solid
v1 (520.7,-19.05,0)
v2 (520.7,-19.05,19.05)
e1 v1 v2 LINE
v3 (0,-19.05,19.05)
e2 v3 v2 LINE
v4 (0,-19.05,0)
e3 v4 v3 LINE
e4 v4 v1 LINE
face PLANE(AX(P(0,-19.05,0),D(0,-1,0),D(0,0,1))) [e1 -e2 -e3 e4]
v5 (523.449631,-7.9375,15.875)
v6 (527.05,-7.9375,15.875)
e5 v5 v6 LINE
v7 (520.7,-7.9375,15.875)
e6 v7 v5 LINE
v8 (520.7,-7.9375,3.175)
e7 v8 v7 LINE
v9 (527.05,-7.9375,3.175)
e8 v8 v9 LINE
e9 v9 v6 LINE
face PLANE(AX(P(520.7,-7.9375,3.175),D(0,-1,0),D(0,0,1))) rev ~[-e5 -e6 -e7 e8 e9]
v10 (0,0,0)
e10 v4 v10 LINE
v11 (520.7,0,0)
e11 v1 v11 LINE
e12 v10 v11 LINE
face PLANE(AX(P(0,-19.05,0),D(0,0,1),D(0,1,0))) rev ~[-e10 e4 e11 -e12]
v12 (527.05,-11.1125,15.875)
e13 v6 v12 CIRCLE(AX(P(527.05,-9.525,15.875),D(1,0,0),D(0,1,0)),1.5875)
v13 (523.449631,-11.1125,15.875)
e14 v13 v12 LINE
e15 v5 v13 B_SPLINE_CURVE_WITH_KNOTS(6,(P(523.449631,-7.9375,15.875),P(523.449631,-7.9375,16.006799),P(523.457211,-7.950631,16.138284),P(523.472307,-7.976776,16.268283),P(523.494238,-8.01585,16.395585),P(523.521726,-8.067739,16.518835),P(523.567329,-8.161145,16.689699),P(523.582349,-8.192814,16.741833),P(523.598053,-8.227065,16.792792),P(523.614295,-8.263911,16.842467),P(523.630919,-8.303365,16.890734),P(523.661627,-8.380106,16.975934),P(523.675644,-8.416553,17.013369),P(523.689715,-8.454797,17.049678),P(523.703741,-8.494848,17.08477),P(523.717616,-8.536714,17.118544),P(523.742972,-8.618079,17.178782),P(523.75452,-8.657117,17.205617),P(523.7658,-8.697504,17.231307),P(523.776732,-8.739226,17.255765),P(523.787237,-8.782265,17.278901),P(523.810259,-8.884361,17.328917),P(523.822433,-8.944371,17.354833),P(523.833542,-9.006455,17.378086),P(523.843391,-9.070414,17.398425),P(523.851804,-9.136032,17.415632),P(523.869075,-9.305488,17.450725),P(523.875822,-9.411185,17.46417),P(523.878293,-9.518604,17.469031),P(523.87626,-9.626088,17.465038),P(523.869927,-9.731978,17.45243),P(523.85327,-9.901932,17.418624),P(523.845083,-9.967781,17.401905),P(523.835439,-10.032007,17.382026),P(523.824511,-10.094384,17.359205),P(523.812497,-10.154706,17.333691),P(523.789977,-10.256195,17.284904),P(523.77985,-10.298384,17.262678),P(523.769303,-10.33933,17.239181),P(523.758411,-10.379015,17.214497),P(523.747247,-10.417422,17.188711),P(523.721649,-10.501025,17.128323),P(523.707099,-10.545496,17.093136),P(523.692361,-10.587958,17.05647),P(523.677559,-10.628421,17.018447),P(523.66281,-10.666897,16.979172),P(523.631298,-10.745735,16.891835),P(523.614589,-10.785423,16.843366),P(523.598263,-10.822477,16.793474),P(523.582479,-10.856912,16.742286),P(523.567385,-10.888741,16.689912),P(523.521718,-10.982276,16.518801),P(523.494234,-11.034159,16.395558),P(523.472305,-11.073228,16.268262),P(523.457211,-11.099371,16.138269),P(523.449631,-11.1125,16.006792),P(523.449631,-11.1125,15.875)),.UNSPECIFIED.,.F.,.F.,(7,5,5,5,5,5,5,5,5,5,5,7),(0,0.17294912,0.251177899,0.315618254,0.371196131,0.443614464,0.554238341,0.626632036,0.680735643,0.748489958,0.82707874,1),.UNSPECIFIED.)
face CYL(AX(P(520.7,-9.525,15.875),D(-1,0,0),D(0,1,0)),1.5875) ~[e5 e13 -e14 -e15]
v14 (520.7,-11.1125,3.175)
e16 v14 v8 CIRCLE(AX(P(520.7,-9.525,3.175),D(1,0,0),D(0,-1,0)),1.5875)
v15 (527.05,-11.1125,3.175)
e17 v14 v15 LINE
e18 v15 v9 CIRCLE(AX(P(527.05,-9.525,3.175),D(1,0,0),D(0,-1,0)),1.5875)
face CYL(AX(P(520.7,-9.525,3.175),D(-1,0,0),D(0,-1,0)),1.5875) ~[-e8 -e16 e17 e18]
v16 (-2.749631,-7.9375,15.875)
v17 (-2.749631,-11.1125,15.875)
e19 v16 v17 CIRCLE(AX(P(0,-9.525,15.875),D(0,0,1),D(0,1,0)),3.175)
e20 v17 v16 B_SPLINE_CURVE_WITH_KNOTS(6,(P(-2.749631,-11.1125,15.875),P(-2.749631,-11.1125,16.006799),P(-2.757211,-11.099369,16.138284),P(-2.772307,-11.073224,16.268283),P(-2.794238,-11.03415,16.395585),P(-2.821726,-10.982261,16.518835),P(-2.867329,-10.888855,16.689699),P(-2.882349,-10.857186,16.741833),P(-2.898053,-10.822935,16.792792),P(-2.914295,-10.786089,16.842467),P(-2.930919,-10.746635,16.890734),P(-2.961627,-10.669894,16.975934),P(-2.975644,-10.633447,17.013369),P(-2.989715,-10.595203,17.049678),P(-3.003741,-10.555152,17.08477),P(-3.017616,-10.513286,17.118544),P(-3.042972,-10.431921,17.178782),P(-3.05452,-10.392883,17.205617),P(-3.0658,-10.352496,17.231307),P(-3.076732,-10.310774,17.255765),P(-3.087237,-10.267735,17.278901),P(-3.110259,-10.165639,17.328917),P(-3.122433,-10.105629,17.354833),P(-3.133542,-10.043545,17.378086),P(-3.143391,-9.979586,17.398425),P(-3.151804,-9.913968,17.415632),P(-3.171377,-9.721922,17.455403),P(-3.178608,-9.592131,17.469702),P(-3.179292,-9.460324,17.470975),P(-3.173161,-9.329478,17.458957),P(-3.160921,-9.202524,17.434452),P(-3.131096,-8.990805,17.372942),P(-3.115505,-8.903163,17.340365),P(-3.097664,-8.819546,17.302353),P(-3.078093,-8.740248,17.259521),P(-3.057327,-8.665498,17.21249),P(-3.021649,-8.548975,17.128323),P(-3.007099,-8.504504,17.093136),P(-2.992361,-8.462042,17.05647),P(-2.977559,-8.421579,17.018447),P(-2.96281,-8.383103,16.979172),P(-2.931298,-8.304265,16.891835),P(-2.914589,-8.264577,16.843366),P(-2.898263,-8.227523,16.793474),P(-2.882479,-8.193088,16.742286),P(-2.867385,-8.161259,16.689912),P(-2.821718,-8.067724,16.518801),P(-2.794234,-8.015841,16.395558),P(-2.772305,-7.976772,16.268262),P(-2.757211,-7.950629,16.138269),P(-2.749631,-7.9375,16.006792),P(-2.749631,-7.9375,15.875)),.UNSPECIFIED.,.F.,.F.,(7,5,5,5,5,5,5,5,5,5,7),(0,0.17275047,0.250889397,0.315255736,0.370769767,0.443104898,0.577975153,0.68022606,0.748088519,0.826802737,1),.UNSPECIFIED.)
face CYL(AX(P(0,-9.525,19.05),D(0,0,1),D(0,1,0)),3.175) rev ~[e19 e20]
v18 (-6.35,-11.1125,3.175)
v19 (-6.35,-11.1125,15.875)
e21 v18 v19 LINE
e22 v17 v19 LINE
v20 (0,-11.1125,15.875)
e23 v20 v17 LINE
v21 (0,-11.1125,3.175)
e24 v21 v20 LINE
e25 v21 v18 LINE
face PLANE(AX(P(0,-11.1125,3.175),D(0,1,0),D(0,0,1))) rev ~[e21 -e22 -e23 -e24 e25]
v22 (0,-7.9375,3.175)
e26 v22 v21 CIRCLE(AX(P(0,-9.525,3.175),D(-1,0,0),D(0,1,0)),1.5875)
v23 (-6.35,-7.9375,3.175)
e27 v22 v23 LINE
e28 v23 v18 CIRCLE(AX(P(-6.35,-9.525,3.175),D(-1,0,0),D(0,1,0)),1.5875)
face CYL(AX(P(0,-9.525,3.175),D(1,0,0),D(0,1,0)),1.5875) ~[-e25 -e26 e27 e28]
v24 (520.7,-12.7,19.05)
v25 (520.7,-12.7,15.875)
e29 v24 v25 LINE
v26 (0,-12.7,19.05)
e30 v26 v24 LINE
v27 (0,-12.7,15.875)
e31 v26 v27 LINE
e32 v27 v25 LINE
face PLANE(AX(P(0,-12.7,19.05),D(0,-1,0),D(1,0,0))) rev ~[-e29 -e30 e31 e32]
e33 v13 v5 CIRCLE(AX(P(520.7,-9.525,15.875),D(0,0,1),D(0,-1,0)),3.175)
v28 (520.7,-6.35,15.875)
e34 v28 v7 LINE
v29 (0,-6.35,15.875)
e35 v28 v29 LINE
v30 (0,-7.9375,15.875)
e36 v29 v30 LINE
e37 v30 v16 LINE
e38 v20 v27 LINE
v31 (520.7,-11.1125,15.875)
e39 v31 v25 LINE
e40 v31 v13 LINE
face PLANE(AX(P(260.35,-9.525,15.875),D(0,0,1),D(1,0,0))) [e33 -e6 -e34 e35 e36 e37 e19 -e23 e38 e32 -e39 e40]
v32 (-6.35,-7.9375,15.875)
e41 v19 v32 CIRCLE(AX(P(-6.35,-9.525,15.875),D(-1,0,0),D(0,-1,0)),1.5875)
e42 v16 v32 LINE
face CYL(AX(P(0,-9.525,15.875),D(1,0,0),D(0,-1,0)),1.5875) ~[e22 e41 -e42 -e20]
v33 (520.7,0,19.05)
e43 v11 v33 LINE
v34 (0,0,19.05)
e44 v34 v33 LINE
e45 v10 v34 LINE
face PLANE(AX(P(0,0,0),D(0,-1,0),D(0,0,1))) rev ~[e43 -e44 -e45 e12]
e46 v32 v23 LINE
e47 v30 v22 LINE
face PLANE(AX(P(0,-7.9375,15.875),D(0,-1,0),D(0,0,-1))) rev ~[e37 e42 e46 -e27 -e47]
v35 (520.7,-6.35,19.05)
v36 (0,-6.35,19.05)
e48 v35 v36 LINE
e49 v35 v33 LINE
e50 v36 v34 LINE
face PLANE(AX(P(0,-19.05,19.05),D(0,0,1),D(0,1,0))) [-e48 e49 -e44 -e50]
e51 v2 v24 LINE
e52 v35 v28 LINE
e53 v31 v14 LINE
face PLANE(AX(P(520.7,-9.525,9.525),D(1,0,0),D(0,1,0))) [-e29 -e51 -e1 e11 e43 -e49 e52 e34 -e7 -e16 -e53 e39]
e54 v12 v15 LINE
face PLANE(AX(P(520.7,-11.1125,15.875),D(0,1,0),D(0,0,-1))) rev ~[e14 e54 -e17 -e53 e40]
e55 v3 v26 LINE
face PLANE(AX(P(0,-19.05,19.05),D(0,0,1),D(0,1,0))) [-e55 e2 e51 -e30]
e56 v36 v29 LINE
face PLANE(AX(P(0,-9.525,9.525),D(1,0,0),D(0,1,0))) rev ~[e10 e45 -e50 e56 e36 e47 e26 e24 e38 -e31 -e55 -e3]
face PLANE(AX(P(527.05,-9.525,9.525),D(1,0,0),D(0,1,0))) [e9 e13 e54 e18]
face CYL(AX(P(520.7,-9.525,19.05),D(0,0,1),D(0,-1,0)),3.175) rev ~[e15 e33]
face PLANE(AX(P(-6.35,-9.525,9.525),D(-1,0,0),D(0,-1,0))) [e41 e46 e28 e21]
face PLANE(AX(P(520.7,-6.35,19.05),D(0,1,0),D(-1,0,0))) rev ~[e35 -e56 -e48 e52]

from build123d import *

# Parameters (mm, degrees)
F0_W     = 19.05
F0_H     = 19.05
F1_DEPTH = 520.7
F3_DEPTH = 6.35
F5_DEPTH = 6.35
F7_DEPTH = 3.175


with BuildPart() as f1:
    # F0 (on Right) → F1 (new body)
    with BuildSketch(Plane.YZ):
        with Locations((-9.525, 9.525)):
            Rectangle(F0_W, F0_H)
    extrude(amount=F1_DEPTH)

    # F2 (on face) → F3 (join)
    with BuildSketch(Plane.YZ.offset(520.7)):
        with BuildLine():
            ThreePointArc((-7.9375, 15.875), (-9.525, 17.4625), (-11.1125, 15.875))
            Line((-11.1125, 15.875), (-11.1125, 3.175))
            ThreePointArc((-11.1125, 3.175), (-9.525, 1.5875), (-7.9375, 3.175))
            Line((-7.9375, 3.175), (-7.9375, 15.875))
        make_face()
    extrude(amount=F3_DEPTH)

    # F4 (on face) → F5 (join)
    with BuildSketch(Plane(origin=(0, 0, 0), x_dir=(0, -1, 0), z_dir=(-1, 0, 0))):
        with BuildLine():
            ThreePointArc((11.1125, 15.875), (9.525, 17.4625), (7.9375, 15.875))
            Line((7.9375, 15.875), (7.9375, 3.175))
            ThreePointArc((7.9375, 3.175), (9.525, 1.5875), (11.1125, 3.175))
            Line((11.1125, 3.175), (11.1125, 15.875))
        make_face()
    extrude(amount=F5_DEPTH)

    # F6 (on face) → F7 (cut)
    with BuildSketch(Plane.XY.offset(19.05)):
        with BuildLine():
            ThreePointArc((0, -6.35), (-3.175, -9.525), (0, -12.7))
            Line((0, -12.7), (520.7, -12.7))
            ThreePointArc((520.7, -12.7), (523.875, -9.525), (520.7, -6.35))
            Line((520.7, -6.35), (0, -6.35))
        make_face()
    extrude(amount=-F7_DEPTH, mode=Mode.SUBTRACT)


solid = f1.part
